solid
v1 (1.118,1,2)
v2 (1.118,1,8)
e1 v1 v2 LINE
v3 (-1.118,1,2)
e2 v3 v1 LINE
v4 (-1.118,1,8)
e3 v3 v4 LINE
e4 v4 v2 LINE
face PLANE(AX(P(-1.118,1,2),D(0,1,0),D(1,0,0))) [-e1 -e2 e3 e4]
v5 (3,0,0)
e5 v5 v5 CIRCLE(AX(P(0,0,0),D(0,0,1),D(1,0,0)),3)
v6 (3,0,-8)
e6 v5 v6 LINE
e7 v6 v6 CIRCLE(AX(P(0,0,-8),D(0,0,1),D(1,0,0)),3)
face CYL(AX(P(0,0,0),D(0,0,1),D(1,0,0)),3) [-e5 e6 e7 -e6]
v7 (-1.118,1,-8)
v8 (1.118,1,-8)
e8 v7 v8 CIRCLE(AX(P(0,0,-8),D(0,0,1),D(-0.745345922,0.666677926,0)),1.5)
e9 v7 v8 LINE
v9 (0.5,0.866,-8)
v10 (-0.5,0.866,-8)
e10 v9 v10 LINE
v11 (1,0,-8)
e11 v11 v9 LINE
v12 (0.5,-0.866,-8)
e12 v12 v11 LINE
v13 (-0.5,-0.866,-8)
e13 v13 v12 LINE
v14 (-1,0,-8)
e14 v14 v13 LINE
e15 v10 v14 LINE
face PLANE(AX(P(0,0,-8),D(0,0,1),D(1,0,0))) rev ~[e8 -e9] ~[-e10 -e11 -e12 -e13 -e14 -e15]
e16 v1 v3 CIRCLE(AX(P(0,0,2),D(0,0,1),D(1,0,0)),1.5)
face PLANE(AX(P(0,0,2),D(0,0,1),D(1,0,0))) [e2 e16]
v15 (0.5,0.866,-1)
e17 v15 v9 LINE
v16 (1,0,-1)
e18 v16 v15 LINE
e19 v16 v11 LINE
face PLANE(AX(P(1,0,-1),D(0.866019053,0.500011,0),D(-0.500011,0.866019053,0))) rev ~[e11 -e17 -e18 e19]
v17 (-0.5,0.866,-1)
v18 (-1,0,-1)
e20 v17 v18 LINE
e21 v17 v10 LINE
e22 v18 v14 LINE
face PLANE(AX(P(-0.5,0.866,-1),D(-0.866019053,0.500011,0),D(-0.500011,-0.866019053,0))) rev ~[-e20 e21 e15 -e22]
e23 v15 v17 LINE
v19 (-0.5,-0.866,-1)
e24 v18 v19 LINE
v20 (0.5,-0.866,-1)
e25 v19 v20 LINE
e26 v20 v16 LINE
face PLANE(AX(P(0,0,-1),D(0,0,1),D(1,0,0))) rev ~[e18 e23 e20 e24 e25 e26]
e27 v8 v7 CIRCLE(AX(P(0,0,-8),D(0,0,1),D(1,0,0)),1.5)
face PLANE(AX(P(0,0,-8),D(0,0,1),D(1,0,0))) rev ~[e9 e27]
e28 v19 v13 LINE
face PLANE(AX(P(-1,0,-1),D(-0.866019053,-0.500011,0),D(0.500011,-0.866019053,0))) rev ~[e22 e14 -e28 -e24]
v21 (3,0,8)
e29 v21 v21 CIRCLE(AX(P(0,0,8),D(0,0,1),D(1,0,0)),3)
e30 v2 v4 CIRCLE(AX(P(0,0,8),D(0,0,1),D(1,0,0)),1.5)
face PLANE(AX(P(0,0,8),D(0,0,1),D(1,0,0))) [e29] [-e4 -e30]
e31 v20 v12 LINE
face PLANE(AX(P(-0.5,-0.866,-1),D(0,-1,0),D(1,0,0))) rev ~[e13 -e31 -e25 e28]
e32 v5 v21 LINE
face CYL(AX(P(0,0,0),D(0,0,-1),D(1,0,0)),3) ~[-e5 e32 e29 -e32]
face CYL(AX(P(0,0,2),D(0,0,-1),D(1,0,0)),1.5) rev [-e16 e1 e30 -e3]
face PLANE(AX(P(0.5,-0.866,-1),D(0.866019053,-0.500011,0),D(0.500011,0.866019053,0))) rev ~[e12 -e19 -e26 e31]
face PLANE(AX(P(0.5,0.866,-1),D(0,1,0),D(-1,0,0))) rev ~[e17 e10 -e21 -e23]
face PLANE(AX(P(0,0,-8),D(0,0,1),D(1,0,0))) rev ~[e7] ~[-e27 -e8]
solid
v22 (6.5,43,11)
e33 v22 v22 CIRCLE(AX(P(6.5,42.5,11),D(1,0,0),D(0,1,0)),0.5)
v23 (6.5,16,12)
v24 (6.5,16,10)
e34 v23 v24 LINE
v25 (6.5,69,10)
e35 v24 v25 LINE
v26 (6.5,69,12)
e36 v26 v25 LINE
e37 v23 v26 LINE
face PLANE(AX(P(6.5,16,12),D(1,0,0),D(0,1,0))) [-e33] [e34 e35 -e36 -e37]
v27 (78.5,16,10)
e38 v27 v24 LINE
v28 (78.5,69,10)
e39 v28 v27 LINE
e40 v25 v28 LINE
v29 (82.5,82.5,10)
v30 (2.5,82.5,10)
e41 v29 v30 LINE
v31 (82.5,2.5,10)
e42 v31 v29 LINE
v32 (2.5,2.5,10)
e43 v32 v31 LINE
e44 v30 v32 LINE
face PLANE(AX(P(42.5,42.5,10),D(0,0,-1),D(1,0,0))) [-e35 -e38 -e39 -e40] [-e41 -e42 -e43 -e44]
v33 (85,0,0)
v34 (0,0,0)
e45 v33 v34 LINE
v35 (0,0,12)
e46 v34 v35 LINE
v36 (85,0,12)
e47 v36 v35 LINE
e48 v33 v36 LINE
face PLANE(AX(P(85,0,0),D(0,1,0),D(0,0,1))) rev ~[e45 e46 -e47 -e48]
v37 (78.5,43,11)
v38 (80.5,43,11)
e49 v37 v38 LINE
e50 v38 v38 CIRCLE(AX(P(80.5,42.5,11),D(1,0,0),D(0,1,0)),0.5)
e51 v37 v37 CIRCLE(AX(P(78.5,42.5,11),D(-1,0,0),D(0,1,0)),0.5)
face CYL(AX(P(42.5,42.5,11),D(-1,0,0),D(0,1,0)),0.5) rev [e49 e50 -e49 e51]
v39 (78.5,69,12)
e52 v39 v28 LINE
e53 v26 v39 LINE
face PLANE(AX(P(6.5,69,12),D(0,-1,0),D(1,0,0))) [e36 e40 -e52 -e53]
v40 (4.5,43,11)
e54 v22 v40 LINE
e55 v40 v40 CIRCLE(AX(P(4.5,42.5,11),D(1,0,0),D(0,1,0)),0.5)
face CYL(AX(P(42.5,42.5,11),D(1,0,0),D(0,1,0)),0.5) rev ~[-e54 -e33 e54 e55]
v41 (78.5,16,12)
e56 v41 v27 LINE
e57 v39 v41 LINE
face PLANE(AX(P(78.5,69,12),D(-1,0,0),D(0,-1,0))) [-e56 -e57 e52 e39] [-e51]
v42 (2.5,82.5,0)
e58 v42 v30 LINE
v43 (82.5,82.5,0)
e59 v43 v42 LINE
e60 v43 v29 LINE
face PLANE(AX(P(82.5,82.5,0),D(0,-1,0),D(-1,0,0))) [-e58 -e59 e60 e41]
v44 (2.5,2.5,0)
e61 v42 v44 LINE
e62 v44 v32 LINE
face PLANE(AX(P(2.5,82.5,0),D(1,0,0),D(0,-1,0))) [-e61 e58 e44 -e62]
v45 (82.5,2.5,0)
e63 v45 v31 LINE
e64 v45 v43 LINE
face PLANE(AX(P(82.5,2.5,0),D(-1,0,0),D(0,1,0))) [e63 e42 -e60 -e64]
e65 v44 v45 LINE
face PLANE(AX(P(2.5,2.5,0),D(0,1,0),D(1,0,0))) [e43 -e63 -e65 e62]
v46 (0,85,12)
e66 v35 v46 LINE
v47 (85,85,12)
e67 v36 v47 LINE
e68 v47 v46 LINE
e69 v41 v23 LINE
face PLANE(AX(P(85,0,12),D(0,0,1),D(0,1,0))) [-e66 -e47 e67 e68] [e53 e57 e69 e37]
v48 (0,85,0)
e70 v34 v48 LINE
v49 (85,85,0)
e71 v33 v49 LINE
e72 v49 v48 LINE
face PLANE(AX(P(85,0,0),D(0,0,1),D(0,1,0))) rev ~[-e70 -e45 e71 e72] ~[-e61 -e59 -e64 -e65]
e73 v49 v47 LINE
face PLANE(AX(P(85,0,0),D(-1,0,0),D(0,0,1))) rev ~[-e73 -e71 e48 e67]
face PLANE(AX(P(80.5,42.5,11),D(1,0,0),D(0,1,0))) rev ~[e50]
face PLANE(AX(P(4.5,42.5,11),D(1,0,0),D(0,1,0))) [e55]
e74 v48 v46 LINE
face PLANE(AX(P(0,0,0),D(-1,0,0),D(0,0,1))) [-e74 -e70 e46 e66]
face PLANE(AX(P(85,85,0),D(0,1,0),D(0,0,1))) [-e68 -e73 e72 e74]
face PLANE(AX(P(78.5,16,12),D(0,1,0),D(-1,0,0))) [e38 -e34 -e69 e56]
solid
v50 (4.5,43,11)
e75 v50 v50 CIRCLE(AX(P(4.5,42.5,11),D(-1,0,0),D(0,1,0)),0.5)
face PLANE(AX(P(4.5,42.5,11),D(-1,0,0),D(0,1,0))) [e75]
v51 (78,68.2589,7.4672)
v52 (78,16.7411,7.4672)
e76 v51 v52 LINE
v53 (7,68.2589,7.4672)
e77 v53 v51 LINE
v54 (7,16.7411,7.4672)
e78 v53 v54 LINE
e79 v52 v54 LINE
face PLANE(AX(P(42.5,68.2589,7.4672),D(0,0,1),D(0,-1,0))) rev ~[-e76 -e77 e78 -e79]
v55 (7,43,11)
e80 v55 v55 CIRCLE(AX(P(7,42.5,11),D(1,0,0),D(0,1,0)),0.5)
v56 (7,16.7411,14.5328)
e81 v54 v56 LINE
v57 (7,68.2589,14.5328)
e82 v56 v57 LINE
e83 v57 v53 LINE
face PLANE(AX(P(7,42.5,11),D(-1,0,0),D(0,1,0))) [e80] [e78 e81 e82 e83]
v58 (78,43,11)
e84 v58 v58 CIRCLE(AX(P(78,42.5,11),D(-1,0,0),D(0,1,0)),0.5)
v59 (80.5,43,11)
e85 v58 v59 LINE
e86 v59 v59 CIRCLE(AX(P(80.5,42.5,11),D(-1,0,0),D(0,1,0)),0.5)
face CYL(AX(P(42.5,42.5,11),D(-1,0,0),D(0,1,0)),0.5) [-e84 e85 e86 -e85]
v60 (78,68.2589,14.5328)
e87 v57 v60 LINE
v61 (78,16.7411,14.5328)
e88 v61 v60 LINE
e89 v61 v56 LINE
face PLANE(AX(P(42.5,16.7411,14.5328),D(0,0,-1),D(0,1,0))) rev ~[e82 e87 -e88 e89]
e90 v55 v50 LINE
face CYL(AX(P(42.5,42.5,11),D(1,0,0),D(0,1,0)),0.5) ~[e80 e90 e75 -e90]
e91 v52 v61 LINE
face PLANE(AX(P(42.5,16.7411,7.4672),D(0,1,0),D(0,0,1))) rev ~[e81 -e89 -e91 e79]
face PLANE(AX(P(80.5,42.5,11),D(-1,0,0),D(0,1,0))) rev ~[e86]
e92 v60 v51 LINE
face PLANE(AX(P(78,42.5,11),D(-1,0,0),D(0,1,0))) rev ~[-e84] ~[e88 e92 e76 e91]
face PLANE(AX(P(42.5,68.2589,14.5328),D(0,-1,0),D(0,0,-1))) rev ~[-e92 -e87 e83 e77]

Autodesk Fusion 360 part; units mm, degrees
sketch "Sketch1" plane through (0, 0, 0) normal (0, 0, 1) x (1, 0, 0)
  circle A0 centre (0, 0) radius 1.5
  circle A1 centre (0, 0) radius 3
  line L0 (-1.118, 1) -> (1.118, 1)
  line L1 (-2.5981, -1.5) -> (2.5981, -1.5) construction
  dimension "d1" = 3
  dimension "d2" = 1.5
  dimension "d14" = 2.5
extrude "Extrude1" add sketch "Sketch1" along normal mid plane 16 contours A0 L0 | A0 L0 | A1
sketch "Sketch2" plane through (0, 0, 0) normal (0, 0, 1) x (1, 0, 0)
  line L0 (-0.5, -0.866) -> (0.5, -0.866)
  line L1 (0.5, -0.866) -> (1, 0)
  line L2 (1, 0) -> (0.5, 0.866)
  line L3 (0.5, 0.866) -> (-0.5, 0.866)
  line L4 (-0.5, 0.866) -> (-1, 0)
  line L5 (-1, 0) -> (-0.5, -0.866)
  dimension "d5" = 1
extrude "Extrude2" cut sketch "Sketch2" against normal up to surface (7 mm away) from surface at -1
extrude "Extrude3" cut sketch "Sketch1" along normal up to surface (6 mm away) from surface at 2 contours A0 L0 picked at (-0.3224, 1.0488)

Autodesk Fusion 360 part; units mm, degrees
box "BoxPrimitive3" add length 85 width 85 height 12 placed x (0, 1, 0) y (-1, 0, 0) z (0, 0, 1) at (85, 0, 0) makes body 1 in component "panel"
ref_plane "WorkPlane1" through (42.5, 42.5, 12) normal (0, 0, 1) x (0, 1, 0) in component "panel"
sketch "Sketch5" plane through (42.5, 42.5, 12) normal (0, 0, 1) x (1, 0, 0) in component "panel"
  line L0 (-36, 26.5) -> (36, 26.5)
  line L1 (36, 26.5) -> (36, -26.5)
  line L2 (36, -26.5) -> (-36, -26.5)
  line L3 (-36, -26.5) -> (-36, 26.5)
  dimension "d59" = 72
  dimension "d60" = 53
  dimension "d61" = 36
  dimension "d63" = 26.5
extrude "Extrude3" cut sketch "Sketch5" against normal through all bodies 1 in component "panel"
ref_plane "WorkPlane2" through (42.5, 42.5, 0) normal (0, 0, -1) x (0, -1, 0) in component "panel"
sketch "Sketch7" plane through (42.5, 42.5, 0) normal (0, 0, -1) x (1, 0, 0) in component "panel"
  line L0 (-40, 40) -> (40, 40)
  line L1 (40, 40) -> (40, -40)
  line L2 (40, -40) -> (-40, -40)
  line L3 (-40, -40) -> (-40, 40)
  line L4 (-42.5, 42.5) -> (-42.5, -42.5)
  line L5 (42.5, -42.5) -> (42.5, 42.5)
  line L6 (42.5, 42.5) -> (-42.5, 42.5)
  line L7 (-42.5, -42.5) -> (42.5, -42.5)
  dimension "d110" = 2.5
  dimension "d112" = 2.5
  dimension "d113" = 2.5
  dimension "d114" = 2.5
extrude "Extrude4" cut sketch "Sketch7" against normal blind 10 contours L0 L1 L2 L3 bodies 1 in component "panel"
ref_plane "WorkPlane1" through (42.5, 42.5, 11) normal (-1, 0, 0) x (0, 1, 0) in component "Button"
sketch "Sketch3" plane through (42.5, 42.5, 11) normal (-1, 0, 0) x (0, 1, 0) in component "Button"
  line L0 (-25.7589, 3.5328) -> (-25.7589, -3.5328)
  line L1 (-25.7589, -3.5328) -> (25.7589, -3.5328)
  line L2 (25.7589, -3.5328) -> (25.7589, 3.5328)
  line L3 (25.7589, 3.5328) -> (-25.7589, 3.5328)
  line L4 (-25.7589, 3.5328) -> (25.7589, -3.5328) construction
  line L5 (-25.7589, -3.5328) -> (25.7589, 3.5328) construction
  line L6 (-25.7589, -3.5328) -> (-24.8077, 3.4023) construction
  line L7 (25.7589, -3.5328) -> (24.8077, 3.4023) construction
  line L8 (0, 0) -> (0, -3.5328) construction
  dimension "d96" = 7
  dimension "d97" = 52
extrude "Extrude1" add sketch "Sketch3" along normal mid plane 71 separate body makes body 2 in component "Button"
ref_plane "WorkPlane4" through (42.5, 42.5, 11) normal (1, 0, 0) x (0, -1, 0) in component "panel"
sketch "Sketch9" plane through (42.5, 42.5, 11) normal (1, 0, 0) x (0, 1, 0) in component "panel"
  circle A0 centre (0, 0) radius 0.5
  dimension "d100" = 1
extrude "Extrude6" cut sketch "Sketch9" along normal mid plane 76 bodies 1 in component "panel"
sketch "Sketch4" plane through (42.5, 42.5, 11) normal (-1, 0, 0) x (0, 1, 0) in component "Button"
  circle A0 centre (0, 0) radius 0.5
  dimension "d103" = 1
extrude "Extrude2" add sketch "Sketch4" along normal mid plane 76 bodies 2 in component "Button"
component "panel" placed x (1, 0, 0) y (0, 1, 0) z (0, 0, 1) at (0, 0, 0)
component "Button" placed x (1, 0, 0) y (0, 1, 0) z (0, 0, 1) at (0, 0, 0)
